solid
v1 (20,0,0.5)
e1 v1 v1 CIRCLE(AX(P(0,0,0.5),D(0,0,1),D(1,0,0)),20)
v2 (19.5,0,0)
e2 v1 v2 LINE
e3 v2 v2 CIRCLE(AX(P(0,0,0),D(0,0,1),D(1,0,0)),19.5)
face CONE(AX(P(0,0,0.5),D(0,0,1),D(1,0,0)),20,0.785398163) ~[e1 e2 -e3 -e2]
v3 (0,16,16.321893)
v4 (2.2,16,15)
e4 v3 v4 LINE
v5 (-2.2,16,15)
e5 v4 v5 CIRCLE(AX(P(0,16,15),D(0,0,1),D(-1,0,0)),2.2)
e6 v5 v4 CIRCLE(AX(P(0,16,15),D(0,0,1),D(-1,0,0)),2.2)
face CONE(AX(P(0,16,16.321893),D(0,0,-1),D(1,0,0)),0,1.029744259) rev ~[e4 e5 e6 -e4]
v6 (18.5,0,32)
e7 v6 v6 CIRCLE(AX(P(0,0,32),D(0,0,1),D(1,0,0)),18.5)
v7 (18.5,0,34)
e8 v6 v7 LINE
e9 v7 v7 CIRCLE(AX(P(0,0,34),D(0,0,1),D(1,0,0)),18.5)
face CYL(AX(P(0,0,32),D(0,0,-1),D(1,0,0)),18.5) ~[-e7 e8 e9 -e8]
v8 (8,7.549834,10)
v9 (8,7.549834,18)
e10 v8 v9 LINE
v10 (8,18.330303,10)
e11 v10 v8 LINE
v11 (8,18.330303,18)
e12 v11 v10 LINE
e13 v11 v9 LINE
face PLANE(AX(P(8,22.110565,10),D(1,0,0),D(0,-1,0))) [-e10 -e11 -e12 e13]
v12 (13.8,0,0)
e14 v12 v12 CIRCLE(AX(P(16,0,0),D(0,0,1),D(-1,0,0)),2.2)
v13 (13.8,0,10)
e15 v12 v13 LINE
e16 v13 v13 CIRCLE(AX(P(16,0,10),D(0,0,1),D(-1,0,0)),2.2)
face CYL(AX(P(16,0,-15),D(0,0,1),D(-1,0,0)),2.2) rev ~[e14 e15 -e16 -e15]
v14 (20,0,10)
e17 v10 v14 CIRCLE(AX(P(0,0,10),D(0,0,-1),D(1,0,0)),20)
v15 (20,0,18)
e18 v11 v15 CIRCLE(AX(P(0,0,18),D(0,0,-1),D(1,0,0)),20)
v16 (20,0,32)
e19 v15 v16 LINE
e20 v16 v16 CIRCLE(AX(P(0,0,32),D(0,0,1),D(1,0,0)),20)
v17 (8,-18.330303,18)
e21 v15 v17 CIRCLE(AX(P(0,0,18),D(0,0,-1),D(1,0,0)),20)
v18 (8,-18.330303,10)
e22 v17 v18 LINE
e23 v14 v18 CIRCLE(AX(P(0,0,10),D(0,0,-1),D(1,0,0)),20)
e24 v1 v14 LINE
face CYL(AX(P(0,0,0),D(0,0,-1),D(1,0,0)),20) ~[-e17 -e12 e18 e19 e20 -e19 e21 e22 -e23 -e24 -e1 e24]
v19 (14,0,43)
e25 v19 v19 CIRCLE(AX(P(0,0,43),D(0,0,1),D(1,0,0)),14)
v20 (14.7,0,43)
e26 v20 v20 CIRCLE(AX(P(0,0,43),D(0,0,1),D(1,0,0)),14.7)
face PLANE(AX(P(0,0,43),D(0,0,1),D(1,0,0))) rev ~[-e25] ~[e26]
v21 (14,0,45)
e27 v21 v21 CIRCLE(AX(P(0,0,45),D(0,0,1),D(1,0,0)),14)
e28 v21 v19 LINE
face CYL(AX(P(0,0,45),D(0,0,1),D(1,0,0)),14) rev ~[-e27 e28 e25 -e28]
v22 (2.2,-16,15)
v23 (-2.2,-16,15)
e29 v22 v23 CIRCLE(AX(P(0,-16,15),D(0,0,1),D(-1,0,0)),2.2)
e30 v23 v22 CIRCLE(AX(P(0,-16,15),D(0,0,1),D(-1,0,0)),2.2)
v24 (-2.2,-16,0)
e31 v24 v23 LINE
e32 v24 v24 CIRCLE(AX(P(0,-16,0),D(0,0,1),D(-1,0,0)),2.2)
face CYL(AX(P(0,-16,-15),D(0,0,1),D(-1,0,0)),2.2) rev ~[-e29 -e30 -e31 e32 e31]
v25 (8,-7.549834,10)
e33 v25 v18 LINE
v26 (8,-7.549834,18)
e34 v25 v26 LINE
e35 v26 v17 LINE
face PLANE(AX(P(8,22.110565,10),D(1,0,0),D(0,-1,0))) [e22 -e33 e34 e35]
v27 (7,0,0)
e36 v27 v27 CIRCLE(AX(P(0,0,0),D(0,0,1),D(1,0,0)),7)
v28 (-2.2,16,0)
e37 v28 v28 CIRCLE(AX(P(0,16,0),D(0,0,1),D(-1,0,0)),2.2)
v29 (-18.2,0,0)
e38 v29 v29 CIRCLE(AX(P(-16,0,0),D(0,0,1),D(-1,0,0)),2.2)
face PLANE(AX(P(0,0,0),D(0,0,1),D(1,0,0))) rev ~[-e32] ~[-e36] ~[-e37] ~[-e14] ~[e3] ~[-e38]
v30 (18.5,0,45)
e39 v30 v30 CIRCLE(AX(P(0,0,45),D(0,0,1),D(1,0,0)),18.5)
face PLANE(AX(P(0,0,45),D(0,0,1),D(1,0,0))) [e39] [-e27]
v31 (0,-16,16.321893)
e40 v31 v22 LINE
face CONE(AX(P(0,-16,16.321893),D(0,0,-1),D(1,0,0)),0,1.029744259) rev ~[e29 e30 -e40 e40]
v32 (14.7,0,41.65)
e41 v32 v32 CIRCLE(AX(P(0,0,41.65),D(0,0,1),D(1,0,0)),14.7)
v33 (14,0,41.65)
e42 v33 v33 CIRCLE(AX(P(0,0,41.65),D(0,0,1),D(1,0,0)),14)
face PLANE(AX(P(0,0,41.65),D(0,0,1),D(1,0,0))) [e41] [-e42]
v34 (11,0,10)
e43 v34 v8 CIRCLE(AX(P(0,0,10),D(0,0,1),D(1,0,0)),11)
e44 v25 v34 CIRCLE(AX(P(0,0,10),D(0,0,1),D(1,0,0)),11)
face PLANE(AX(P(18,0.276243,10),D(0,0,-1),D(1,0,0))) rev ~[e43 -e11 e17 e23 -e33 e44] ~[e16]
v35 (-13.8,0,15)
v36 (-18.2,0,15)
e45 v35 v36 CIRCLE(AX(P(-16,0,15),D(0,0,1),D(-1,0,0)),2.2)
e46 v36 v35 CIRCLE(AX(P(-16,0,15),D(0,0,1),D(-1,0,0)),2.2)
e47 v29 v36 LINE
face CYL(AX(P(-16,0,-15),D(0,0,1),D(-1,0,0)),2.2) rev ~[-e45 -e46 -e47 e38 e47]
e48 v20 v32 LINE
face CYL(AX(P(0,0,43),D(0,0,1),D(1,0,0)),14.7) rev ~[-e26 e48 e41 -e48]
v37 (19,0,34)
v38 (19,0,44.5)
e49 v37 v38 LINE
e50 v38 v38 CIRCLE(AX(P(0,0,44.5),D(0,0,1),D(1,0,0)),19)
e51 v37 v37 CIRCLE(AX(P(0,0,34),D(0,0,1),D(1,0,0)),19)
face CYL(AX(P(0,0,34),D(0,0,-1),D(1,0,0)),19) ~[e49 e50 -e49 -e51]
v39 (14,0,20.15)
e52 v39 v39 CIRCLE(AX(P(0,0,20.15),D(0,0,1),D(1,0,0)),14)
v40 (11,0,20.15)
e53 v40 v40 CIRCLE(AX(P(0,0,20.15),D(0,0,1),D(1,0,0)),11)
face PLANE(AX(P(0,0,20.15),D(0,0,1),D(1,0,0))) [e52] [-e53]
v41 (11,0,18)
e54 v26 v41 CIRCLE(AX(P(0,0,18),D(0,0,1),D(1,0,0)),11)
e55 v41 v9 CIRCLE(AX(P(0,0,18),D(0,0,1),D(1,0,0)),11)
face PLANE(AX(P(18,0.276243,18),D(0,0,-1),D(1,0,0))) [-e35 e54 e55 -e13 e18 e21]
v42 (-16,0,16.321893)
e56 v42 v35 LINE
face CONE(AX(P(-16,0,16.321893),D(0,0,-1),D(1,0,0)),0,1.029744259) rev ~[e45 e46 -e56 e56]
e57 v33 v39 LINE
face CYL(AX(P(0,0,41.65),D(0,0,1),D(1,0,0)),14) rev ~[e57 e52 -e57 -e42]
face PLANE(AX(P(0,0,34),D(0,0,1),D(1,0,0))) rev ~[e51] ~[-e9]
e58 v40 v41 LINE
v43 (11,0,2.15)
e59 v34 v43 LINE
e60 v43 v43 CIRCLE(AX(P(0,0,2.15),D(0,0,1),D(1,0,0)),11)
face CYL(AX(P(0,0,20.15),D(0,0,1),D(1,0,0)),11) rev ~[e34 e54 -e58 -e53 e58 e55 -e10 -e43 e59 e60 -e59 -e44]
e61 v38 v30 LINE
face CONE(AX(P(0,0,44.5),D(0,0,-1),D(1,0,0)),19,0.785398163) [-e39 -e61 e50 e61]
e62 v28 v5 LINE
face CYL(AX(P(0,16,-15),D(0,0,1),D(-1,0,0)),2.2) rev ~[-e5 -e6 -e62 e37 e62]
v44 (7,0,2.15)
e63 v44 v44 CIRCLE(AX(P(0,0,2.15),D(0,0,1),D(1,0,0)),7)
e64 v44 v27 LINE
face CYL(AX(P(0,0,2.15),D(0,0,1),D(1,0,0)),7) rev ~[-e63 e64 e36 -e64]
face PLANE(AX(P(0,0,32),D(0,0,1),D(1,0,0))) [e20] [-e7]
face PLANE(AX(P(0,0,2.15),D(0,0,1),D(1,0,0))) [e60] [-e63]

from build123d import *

# Parameters (mm, degrees)
F0_R      = 20
F1_DEPTH  = 32
F2_R      = 18.5
F3_DEPTH  = 2
F4_R      = 19
F5_DEPTH  = 11
F6_R      = 14
F7_DEPTH  = 2
F8_R      = 14.7
F9_DEPTH  = 1.35
F10_R     = 14
F11_DEPTH = 21.5
F12_R     = 11
F13_DEPTH = 18
F14_R     = 7
F15_DEPTH = 25
F17_D     = 4.4
F17_DEPTH = 15
F17_TIP   = 1.3218933619
F19_START = -10
F18_W     = 20
F18_H     = 43.6686427468
F19_DEPTH = 8
F20_SIZE  = 0.5


with BuildPart() as f1:
    # F0 (on Top) → F1 (new body)
    with BuildSketch(Plane.XY):
        Circle(F0_R)
    extrude(amount=F1_DEPTH)

    # F2 (on face) → F3 (join)
    with BuildSketch(Plane.XY.offset(32)):
        Circle(F2_R)
    extrude(amount=F3_DEPTH)

    # F4 (on face) → F5 (join)
    with BuildSketch(Plane.XY.offset(34)):
        Circle(F4_R)
    extrude(amount=F5_DEPTH)

    # F6 (on face) → F7 (cut)
    with BuildSketch(Plane.XY.offset(45)):
        Circle(F6_R)
    extrude(amount=-F7_DEPTH, mode=Mode.SUBTRACT)

    # F8 (on face) → F9 (cut)
    with BuildSketch(Plane.XY.offset(43)):
        Circle(F8_R)
    extrude(amount=-F9_DEPTH, mode=Mode.SUBTRACT)

    # F10 (on face) → F11 (cut)
    with BuildSketch(Plane.XY.offset(41.65)):
        Circle(F10_R)
    extrude(amount=-F11_DEPTH, mode=Mode.SUBTRACT)

    # F12 (on face) → F13 (cut)
    with BuildSketch(Plane.XY.offset(20.15)):
        Circle(F12_R)
    extrude(amount=-F13_DEPTH, mode=Mode.SUBTRACT)

    # F14 (on face) → F15 (cut)
    with BuildSketch(Plane.XY.offset(2.15)):
        Circle(F14_R)
    extrude(amount=-F15_DEPTH, mode=Mode.SUBTRACT)

    # F17
    with Locations(Plane(origin=(0, 0, 0), x_dir=(1, 0, 0), z_dir=(0, 0, -1))):
        with Locations((-16, 0), (0, 16), (16, 0), (0, -16)):
            Hole(F17_D / 2, depth=F17_DEPTH)
            with Locations((0, 0, -(F17_DEPTH + F17_TIP / 2))):  # 118° drill point
                Cone(0, F17_D / 2, F17_TIP, mode=Mode.SUBTRACT)

    # F18 (on face) → F19 (cut)
    with BuildSketch(Plane(origin=(0, 0, 0), x_dir=(1, 0, 0), z_dir=(0, 0, -1)).offset(F19_START)):
        with Locations((18, -0.2762433141)):
            Rectangle(F18_W, F18_H)
    extrude(amount=-F19_DEPTH, mode=Mode.SUBTRACT)

    # F20
    f20_edges = [f1.edges().sort_by_distance(p)[0] for p in [
        (-20, 0, 0),
        (-19, 0, 45),
    ]]
    chamfer(f20_edges, length=F20_SIZE)


solid = f1.part
